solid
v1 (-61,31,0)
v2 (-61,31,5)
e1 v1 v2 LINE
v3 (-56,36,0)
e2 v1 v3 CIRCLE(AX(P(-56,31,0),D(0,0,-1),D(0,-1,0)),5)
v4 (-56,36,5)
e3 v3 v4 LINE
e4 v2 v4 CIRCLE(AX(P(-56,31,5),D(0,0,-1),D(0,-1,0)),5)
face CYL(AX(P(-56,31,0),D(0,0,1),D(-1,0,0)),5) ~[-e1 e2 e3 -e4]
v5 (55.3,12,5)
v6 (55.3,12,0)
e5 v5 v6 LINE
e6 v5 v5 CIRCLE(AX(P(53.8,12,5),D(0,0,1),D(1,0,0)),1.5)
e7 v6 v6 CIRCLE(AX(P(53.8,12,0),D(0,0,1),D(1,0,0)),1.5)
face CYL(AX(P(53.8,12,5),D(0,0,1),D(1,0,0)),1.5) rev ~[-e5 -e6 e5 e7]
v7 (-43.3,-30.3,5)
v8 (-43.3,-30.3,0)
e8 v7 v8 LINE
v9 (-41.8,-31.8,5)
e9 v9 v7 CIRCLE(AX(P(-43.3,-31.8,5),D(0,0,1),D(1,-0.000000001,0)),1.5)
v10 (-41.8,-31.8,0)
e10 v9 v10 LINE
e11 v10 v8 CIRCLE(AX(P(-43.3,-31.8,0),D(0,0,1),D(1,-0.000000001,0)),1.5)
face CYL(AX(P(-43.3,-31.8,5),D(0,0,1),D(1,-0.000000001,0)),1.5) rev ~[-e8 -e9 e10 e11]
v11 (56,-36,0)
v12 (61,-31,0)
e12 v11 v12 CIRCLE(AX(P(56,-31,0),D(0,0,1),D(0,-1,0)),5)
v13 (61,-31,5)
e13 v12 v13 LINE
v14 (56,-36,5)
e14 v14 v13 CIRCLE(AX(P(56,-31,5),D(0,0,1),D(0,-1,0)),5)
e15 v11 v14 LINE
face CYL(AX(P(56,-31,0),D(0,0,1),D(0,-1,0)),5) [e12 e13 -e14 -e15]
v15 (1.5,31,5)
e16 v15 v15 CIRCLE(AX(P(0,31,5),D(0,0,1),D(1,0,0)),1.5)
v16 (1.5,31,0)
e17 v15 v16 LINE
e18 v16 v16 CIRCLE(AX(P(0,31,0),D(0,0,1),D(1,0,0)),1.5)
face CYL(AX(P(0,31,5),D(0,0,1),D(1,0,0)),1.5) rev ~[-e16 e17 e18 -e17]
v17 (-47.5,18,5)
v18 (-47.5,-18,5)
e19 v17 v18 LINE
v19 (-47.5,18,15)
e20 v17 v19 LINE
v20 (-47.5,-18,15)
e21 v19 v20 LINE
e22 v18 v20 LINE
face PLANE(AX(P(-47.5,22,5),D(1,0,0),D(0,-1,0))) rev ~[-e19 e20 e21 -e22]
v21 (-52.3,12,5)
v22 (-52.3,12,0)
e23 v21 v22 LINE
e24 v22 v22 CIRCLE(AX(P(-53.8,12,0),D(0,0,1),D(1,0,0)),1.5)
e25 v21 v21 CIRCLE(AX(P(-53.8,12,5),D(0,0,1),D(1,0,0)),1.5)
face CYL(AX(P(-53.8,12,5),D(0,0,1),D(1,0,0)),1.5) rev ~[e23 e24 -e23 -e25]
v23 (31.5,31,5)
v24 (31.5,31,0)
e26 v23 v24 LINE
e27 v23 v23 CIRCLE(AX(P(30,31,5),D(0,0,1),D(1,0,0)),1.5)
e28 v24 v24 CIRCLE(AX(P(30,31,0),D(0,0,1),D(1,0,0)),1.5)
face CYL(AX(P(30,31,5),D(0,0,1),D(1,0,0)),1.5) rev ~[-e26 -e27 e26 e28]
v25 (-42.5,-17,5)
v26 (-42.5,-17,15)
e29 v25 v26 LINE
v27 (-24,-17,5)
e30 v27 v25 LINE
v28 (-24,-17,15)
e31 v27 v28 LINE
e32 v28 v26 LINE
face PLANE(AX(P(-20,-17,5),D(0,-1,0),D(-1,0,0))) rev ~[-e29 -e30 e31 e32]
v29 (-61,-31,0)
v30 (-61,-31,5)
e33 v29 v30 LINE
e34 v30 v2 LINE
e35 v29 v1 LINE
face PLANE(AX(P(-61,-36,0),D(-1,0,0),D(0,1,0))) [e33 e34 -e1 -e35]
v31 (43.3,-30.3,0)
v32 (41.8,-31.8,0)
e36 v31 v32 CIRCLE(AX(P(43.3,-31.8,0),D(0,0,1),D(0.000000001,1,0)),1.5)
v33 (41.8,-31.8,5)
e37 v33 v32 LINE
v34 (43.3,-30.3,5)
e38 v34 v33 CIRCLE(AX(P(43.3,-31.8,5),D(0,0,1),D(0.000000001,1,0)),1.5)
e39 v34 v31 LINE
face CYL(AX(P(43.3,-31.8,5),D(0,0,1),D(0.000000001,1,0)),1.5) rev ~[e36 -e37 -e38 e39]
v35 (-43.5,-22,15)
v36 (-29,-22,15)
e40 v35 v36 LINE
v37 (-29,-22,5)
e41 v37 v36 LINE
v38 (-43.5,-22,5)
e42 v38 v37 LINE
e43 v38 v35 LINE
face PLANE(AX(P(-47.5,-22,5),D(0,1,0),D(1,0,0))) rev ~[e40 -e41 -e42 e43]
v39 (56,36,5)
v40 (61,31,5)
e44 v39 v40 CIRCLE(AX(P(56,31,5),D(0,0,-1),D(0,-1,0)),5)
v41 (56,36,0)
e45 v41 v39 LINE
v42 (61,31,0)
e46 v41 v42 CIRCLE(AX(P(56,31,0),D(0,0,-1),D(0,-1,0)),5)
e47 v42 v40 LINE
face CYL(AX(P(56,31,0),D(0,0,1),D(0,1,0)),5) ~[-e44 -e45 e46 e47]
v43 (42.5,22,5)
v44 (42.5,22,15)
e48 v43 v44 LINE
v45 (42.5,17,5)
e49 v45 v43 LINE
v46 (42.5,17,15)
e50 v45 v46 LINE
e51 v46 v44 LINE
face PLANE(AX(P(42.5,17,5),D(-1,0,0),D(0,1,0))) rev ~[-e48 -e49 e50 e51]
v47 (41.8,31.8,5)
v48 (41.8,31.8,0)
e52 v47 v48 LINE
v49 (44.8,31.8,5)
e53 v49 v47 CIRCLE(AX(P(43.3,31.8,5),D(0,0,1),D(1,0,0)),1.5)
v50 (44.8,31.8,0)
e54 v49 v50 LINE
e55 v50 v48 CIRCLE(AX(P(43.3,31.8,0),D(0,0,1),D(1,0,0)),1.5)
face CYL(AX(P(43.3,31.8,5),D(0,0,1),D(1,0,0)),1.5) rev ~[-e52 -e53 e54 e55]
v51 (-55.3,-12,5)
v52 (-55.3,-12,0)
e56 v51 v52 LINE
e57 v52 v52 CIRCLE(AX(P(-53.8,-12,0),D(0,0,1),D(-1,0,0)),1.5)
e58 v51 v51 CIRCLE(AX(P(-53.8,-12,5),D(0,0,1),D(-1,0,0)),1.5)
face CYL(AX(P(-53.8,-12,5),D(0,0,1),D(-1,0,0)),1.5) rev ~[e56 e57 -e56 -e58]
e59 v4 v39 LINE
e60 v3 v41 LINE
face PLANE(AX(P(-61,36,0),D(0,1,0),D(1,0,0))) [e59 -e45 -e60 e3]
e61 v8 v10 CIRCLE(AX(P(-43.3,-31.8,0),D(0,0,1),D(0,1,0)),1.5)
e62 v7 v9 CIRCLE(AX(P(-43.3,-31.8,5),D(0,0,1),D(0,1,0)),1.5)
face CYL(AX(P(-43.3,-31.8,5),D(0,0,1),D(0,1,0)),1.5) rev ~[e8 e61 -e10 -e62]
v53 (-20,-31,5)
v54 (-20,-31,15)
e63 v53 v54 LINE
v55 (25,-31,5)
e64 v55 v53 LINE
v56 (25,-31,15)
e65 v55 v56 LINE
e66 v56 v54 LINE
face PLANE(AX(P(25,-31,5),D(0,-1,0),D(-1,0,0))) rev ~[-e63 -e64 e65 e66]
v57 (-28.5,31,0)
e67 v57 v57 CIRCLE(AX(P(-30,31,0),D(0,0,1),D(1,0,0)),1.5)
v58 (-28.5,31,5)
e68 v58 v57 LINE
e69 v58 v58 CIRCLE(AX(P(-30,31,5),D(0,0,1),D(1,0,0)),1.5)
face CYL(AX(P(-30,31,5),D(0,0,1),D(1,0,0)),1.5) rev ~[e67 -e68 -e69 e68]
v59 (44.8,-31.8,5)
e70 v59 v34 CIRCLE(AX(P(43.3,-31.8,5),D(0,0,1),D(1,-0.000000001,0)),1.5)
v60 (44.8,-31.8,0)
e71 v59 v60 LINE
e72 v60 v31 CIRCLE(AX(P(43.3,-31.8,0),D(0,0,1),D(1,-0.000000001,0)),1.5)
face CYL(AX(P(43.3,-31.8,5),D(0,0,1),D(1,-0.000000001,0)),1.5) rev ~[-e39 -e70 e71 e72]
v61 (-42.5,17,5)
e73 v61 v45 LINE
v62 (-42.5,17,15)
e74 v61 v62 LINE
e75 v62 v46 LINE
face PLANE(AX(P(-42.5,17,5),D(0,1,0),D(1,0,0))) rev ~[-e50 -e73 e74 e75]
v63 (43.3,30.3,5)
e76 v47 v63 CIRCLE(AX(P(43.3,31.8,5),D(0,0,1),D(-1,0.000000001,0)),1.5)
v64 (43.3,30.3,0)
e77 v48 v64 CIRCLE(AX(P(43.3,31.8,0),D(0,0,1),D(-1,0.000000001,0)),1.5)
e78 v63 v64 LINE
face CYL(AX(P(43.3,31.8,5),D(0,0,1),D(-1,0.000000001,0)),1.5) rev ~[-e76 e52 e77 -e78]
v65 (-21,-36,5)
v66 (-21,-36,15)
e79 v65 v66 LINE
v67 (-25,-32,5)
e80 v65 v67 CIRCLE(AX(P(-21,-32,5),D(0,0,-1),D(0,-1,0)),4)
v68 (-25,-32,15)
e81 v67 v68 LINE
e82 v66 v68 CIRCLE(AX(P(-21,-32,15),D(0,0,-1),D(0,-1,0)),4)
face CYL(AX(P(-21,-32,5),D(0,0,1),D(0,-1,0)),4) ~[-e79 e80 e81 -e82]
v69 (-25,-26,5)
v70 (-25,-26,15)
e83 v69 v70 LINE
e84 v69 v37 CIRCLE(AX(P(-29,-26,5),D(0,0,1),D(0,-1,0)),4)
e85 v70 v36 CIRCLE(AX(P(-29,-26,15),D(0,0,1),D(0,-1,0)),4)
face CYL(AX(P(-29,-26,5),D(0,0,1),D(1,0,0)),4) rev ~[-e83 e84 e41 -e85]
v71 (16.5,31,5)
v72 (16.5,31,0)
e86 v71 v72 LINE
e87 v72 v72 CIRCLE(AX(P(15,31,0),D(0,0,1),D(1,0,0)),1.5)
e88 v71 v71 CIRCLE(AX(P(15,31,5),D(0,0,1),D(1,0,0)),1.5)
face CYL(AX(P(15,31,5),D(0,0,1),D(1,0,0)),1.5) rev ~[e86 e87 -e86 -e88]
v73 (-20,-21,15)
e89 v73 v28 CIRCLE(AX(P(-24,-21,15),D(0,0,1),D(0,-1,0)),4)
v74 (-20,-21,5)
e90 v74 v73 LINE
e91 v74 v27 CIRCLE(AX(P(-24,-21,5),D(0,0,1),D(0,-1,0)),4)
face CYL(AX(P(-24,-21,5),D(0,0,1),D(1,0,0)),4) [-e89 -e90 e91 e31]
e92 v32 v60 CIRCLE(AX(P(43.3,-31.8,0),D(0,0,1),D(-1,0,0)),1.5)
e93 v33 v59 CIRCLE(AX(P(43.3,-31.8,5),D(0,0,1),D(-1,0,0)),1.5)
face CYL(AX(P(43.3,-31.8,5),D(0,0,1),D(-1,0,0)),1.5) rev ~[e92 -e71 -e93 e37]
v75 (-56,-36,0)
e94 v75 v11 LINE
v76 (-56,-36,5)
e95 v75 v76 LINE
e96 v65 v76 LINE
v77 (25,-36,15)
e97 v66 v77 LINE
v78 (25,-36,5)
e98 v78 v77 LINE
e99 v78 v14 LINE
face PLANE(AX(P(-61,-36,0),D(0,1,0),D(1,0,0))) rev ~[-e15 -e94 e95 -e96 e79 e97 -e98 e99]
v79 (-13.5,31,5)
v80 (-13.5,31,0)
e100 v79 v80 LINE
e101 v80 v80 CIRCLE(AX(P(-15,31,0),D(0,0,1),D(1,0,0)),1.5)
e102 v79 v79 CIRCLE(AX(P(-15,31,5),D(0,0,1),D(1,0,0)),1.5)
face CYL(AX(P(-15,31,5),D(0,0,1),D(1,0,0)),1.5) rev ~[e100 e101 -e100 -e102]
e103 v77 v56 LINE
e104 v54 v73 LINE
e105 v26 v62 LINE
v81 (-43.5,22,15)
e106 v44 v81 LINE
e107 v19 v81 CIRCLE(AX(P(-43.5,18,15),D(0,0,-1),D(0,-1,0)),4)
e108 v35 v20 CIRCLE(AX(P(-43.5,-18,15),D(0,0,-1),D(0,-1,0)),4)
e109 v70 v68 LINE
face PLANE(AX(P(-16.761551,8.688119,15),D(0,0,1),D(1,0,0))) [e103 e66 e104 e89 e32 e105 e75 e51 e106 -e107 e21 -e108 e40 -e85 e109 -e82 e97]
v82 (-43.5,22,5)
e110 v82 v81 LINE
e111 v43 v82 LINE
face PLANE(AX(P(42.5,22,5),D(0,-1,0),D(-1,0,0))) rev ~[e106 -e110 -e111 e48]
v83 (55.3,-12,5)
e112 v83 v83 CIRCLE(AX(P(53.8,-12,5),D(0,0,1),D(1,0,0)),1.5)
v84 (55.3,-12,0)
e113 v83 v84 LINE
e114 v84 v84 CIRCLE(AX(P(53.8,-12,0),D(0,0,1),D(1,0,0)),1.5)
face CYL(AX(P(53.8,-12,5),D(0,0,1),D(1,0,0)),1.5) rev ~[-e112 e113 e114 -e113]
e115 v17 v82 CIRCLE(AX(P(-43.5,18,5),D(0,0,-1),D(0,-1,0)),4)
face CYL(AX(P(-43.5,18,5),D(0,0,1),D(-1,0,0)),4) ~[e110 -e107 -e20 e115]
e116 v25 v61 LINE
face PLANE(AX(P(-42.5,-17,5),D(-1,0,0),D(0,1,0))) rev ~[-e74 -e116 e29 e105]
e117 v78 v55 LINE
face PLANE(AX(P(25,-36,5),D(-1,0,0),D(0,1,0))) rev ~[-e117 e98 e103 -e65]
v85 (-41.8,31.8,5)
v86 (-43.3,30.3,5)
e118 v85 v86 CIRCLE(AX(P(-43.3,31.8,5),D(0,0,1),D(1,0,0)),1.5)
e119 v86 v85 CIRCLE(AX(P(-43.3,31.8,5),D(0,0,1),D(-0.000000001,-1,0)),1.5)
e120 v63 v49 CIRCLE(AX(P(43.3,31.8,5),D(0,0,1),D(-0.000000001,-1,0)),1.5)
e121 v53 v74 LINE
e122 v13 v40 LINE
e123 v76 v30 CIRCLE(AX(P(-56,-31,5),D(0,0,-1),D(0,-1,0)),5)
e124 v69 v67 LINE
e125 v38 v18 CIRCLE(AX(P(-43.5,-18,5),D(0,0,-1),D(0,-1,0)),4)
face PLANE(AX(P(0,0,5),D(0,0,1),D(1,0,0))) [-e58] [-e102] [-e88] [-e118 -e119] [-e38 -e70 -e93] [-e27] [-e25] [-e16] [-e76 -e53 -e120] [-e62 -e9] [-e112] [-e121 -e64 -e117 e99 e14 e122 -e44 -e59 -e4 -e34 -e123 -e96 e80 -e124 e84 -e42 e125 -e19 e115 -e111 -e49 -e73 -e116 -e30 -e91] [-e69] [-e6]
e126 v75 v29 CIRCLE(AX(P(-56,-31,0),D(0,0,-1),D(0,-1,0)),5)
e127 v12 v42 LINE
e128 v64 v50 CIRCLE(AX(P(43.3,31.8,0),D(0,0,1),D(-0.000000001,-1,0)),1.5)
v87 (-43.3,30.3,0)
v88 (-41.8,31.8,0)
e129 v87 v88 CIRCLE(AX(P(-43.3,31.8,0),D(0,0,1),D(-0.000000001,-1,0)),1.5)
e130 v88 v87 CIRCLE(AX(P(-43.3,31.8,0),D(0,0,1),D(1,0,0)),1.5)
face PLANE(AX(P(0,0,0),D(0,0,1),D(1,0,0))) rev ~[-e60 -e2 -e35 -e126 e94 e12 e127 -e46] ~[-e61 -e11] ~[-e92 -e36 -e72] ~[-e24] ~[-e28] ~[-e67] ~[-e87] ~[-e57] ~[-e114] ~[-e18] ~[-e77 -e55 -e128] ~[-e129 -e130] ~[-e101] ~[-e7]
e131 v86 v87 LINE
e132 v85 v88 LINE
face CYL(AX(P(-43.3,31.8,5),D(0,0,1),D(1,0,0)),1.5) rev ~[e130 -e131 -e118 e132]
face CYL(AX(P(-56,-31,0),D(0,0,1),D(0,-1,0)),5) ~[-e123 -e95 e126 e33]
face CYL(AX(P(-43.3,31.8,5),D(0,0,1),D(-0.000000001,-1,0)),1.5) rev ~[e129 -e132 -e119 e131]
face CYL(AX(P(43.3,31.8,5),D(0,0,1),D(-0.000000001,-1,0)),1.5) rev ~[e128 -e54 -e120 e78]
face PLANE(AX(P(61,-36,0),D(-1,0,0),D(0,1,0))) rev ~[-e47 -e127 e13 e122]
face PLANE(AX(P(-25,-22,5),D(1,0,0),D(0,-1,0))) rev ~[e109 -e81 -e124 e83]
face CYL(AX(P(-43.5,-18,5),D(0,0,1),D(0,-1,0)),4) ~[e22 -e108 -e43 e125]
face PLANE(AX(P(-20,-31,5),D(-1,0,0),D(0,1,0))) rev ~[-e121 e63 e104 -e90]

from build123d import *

# Parameters (mm, degrees)
SKETCH_1_W          = 122
SKETCH_1_H          = 72
EXTRUDE_1_DEPTH     = 5
SKETCH_4_R          = 1.5
CUT_EXTRUDE_2_DEPTH = 10
SKETCH_5_W          = 5
SKETCH_5_H          = 5
EXTRUDE_3_DEPTH     = 10
SKETCH_6_R          = 1.5
CUT_EXTRUDE_3_DEPTH = 15
CUT_EXTRUDE_4_DEPTH = 25
FILLET_1_R          = 4
FILLET_3_R          = 5


with BuildPart() as part:
    # 草图1 → 凸台-拉伸1 (new body)
    with BuildSketch(Plane.XY):
        Rectangle(SKETCH_1_W, SKETCH_1_H)
    extrude(amount=EXTRUDE_1_DEPTH)

    # 草图4 → 切除-拉伸2 (cut)
    with BuildSketch(Plane.XY.offset(5)):
        with Locations((-53.8, 12)):
            Circle(SKETCH_4_R)
        with Locations((53.8, 12)):
            Circle(SKETCH_4_R)
        with Locations((53.8, -12)):
            Circle(SKETCH_4_R)
        with Locations(Location((-53.8, -12, 0), (0, 0, 180))):
            Circle(SKETCH_4_R)
    extrude(amount=-CUT_EXTRUDE_2_DEPTH, mode=Mode.SUBTRACT)

    # 草图5 → 凸台-拉伸3 (add)
    with BuildSketch(Plane.XY.offset(5)):
        Polygon((-42.5, 17), (42.5, 17), (42.5, 22), (-47.5, 22), (-47.5, -22), (-25, -22), (-25, -17), (-42.5, -17), align=None)
        with Locations((-22.5, -19.5)):
            Rectangle(SKETCH_5_W, SKETCH_5_H)
        Polygon((25, -36), (25, -31), (20, -31), (-20, -31), (-20, -22), (-25, -22), (-25, -36), align=None)
    extrude(amount=EXTRUDE_3_DEPTH)

    # 草图6 → 切除-拉伸3 (cut)
    with BuildSketch(Plane.XY.offset(5)):
        with Locations((0, 31)):
            Circle(SKETCH_6_R)
        with Locations((15, 31)):
            Circle(SKETCH_6_R)
        with Locations((30, 31)):
            Circle(SKETCH_6_R)
        with Locations((-15, 31)):
            Circle(SKETCH_6_R)
        with Locations((-30, 31)):
            Circle(SKETCH_6_R)
    extrude(amount=-CUT_EXTRUDE_3_DEPTH, mode=Mode.SUBTRACT)

    # 草图7 → 切除-拉伸4 (cut)
    with BuildSketch(Plane.XY.offset(5)):
        with BuildLine():
            ThreePointArc((44.8, 31.8), (43.3, 33.3), (41.8, 31.8))
            Line((41.8, 31.8), (43.3, 31.8))
            Line((43.3, 31.8), (43.3, 30.3))
            ThreePointArc((43.3, 30.3), (44.360660172, 30.739339828), (44.8, 31.8))
        make_face()
        with BuildLine():
            Line((43.3, 31.8), (41.8, 31.8))
            ThreePointArc((41.8, 31.8), (42.239339828, 30.739339828), (43.3, 30.3))
            Line((43.3, 30.3), (43.3, 31.8))
        make_face()
        with BuildLine():
            ThreePointArc((44.8, -31.8), (44.360660172, -30.739339828), (43.3, -30.3))
            Line((43.3, -30.3), (43.3, -31.8))
            Line((43.3, -31.8), (41.8, -31.8))
            ThreePointArc((41.8, -31.8), (43.3, -33.3), (44.8, -31.8))
        make_face()
        with BuildLine():
            Line((43.3, -31.8), (43.3, -30.3))
            ThreePointArc((43.3, -30.3), (42.239339828, -30.739339828), (41.8, -31.8))
            Line((41.8, -31.8), (43.3, -31.8))
        make_face()
        with BuildLine():
            ThreePointArc((-41.8, -31.8), (-42.239339828, -30.739339828), (-43.3, -30.3))
            Line((-43.3, -30.3), (-43.3, -31.8))
            Line((-43.3, -31.8), (-41.8, -31.8))
        make_face()
        with BuildLine():
            Line((-43.3, -31.8), (-43.3, -30.3))
            ThreePointArc((-43.3, -30.3), (-44.360660172, -32.860660172), (-41.8, -31.8))
            Line((-41.8, -31.8), (-43.3, -31.8))
        make_face()
        with BuildLine():
            Line((-43.3, 30.3), (-43.3, 31.8))
            Line((-43.3, 31.8), (-41.8, 31.8))
            ThreePointArc((-41.8, 31.8), (-44.360660172, 32.860660172), (-43.3, 30.3))
        make_face()
        with BuildLine():
            Line((-41.8, 31.8), (-43.3, 31.8))
            Line((-43.3, 31.8), (-43.3, 30.3))
            ThreePointArc((-43.3, 30.3), (-42.239339828, 30.739339828), (-41.8, 31.8))
        make_face()
    extrude(amount=-CUT_EXTRUDE_4_DEPTH, mode=Mode.SUBTRACT)

    # 圆角1
    fillet_1_edges = [part.edges().sort_by_distance(p)[0] for p in [
        (-47.5, 22, 10),
        (-47.5, -22, 10),
        (-25, -22, 10),
        (-25, -36, 10),
        (-20, -17, 10),
    ]]
    fillet(fillet_1_edges, radius=FILLET_1_R)

    # 圆角3
    fillet_3_edges = [part.edges().sort_by_distance(p)[0] for p in [
        (61, -36, 2.5),
        (-61, -36, 2.5),
        (-61, 36, 2.5),
        (61, 36, 2.5),
    ]]
    fillet(fillet_3_edges, radius=FILLET_3_R)


solid = part.part
